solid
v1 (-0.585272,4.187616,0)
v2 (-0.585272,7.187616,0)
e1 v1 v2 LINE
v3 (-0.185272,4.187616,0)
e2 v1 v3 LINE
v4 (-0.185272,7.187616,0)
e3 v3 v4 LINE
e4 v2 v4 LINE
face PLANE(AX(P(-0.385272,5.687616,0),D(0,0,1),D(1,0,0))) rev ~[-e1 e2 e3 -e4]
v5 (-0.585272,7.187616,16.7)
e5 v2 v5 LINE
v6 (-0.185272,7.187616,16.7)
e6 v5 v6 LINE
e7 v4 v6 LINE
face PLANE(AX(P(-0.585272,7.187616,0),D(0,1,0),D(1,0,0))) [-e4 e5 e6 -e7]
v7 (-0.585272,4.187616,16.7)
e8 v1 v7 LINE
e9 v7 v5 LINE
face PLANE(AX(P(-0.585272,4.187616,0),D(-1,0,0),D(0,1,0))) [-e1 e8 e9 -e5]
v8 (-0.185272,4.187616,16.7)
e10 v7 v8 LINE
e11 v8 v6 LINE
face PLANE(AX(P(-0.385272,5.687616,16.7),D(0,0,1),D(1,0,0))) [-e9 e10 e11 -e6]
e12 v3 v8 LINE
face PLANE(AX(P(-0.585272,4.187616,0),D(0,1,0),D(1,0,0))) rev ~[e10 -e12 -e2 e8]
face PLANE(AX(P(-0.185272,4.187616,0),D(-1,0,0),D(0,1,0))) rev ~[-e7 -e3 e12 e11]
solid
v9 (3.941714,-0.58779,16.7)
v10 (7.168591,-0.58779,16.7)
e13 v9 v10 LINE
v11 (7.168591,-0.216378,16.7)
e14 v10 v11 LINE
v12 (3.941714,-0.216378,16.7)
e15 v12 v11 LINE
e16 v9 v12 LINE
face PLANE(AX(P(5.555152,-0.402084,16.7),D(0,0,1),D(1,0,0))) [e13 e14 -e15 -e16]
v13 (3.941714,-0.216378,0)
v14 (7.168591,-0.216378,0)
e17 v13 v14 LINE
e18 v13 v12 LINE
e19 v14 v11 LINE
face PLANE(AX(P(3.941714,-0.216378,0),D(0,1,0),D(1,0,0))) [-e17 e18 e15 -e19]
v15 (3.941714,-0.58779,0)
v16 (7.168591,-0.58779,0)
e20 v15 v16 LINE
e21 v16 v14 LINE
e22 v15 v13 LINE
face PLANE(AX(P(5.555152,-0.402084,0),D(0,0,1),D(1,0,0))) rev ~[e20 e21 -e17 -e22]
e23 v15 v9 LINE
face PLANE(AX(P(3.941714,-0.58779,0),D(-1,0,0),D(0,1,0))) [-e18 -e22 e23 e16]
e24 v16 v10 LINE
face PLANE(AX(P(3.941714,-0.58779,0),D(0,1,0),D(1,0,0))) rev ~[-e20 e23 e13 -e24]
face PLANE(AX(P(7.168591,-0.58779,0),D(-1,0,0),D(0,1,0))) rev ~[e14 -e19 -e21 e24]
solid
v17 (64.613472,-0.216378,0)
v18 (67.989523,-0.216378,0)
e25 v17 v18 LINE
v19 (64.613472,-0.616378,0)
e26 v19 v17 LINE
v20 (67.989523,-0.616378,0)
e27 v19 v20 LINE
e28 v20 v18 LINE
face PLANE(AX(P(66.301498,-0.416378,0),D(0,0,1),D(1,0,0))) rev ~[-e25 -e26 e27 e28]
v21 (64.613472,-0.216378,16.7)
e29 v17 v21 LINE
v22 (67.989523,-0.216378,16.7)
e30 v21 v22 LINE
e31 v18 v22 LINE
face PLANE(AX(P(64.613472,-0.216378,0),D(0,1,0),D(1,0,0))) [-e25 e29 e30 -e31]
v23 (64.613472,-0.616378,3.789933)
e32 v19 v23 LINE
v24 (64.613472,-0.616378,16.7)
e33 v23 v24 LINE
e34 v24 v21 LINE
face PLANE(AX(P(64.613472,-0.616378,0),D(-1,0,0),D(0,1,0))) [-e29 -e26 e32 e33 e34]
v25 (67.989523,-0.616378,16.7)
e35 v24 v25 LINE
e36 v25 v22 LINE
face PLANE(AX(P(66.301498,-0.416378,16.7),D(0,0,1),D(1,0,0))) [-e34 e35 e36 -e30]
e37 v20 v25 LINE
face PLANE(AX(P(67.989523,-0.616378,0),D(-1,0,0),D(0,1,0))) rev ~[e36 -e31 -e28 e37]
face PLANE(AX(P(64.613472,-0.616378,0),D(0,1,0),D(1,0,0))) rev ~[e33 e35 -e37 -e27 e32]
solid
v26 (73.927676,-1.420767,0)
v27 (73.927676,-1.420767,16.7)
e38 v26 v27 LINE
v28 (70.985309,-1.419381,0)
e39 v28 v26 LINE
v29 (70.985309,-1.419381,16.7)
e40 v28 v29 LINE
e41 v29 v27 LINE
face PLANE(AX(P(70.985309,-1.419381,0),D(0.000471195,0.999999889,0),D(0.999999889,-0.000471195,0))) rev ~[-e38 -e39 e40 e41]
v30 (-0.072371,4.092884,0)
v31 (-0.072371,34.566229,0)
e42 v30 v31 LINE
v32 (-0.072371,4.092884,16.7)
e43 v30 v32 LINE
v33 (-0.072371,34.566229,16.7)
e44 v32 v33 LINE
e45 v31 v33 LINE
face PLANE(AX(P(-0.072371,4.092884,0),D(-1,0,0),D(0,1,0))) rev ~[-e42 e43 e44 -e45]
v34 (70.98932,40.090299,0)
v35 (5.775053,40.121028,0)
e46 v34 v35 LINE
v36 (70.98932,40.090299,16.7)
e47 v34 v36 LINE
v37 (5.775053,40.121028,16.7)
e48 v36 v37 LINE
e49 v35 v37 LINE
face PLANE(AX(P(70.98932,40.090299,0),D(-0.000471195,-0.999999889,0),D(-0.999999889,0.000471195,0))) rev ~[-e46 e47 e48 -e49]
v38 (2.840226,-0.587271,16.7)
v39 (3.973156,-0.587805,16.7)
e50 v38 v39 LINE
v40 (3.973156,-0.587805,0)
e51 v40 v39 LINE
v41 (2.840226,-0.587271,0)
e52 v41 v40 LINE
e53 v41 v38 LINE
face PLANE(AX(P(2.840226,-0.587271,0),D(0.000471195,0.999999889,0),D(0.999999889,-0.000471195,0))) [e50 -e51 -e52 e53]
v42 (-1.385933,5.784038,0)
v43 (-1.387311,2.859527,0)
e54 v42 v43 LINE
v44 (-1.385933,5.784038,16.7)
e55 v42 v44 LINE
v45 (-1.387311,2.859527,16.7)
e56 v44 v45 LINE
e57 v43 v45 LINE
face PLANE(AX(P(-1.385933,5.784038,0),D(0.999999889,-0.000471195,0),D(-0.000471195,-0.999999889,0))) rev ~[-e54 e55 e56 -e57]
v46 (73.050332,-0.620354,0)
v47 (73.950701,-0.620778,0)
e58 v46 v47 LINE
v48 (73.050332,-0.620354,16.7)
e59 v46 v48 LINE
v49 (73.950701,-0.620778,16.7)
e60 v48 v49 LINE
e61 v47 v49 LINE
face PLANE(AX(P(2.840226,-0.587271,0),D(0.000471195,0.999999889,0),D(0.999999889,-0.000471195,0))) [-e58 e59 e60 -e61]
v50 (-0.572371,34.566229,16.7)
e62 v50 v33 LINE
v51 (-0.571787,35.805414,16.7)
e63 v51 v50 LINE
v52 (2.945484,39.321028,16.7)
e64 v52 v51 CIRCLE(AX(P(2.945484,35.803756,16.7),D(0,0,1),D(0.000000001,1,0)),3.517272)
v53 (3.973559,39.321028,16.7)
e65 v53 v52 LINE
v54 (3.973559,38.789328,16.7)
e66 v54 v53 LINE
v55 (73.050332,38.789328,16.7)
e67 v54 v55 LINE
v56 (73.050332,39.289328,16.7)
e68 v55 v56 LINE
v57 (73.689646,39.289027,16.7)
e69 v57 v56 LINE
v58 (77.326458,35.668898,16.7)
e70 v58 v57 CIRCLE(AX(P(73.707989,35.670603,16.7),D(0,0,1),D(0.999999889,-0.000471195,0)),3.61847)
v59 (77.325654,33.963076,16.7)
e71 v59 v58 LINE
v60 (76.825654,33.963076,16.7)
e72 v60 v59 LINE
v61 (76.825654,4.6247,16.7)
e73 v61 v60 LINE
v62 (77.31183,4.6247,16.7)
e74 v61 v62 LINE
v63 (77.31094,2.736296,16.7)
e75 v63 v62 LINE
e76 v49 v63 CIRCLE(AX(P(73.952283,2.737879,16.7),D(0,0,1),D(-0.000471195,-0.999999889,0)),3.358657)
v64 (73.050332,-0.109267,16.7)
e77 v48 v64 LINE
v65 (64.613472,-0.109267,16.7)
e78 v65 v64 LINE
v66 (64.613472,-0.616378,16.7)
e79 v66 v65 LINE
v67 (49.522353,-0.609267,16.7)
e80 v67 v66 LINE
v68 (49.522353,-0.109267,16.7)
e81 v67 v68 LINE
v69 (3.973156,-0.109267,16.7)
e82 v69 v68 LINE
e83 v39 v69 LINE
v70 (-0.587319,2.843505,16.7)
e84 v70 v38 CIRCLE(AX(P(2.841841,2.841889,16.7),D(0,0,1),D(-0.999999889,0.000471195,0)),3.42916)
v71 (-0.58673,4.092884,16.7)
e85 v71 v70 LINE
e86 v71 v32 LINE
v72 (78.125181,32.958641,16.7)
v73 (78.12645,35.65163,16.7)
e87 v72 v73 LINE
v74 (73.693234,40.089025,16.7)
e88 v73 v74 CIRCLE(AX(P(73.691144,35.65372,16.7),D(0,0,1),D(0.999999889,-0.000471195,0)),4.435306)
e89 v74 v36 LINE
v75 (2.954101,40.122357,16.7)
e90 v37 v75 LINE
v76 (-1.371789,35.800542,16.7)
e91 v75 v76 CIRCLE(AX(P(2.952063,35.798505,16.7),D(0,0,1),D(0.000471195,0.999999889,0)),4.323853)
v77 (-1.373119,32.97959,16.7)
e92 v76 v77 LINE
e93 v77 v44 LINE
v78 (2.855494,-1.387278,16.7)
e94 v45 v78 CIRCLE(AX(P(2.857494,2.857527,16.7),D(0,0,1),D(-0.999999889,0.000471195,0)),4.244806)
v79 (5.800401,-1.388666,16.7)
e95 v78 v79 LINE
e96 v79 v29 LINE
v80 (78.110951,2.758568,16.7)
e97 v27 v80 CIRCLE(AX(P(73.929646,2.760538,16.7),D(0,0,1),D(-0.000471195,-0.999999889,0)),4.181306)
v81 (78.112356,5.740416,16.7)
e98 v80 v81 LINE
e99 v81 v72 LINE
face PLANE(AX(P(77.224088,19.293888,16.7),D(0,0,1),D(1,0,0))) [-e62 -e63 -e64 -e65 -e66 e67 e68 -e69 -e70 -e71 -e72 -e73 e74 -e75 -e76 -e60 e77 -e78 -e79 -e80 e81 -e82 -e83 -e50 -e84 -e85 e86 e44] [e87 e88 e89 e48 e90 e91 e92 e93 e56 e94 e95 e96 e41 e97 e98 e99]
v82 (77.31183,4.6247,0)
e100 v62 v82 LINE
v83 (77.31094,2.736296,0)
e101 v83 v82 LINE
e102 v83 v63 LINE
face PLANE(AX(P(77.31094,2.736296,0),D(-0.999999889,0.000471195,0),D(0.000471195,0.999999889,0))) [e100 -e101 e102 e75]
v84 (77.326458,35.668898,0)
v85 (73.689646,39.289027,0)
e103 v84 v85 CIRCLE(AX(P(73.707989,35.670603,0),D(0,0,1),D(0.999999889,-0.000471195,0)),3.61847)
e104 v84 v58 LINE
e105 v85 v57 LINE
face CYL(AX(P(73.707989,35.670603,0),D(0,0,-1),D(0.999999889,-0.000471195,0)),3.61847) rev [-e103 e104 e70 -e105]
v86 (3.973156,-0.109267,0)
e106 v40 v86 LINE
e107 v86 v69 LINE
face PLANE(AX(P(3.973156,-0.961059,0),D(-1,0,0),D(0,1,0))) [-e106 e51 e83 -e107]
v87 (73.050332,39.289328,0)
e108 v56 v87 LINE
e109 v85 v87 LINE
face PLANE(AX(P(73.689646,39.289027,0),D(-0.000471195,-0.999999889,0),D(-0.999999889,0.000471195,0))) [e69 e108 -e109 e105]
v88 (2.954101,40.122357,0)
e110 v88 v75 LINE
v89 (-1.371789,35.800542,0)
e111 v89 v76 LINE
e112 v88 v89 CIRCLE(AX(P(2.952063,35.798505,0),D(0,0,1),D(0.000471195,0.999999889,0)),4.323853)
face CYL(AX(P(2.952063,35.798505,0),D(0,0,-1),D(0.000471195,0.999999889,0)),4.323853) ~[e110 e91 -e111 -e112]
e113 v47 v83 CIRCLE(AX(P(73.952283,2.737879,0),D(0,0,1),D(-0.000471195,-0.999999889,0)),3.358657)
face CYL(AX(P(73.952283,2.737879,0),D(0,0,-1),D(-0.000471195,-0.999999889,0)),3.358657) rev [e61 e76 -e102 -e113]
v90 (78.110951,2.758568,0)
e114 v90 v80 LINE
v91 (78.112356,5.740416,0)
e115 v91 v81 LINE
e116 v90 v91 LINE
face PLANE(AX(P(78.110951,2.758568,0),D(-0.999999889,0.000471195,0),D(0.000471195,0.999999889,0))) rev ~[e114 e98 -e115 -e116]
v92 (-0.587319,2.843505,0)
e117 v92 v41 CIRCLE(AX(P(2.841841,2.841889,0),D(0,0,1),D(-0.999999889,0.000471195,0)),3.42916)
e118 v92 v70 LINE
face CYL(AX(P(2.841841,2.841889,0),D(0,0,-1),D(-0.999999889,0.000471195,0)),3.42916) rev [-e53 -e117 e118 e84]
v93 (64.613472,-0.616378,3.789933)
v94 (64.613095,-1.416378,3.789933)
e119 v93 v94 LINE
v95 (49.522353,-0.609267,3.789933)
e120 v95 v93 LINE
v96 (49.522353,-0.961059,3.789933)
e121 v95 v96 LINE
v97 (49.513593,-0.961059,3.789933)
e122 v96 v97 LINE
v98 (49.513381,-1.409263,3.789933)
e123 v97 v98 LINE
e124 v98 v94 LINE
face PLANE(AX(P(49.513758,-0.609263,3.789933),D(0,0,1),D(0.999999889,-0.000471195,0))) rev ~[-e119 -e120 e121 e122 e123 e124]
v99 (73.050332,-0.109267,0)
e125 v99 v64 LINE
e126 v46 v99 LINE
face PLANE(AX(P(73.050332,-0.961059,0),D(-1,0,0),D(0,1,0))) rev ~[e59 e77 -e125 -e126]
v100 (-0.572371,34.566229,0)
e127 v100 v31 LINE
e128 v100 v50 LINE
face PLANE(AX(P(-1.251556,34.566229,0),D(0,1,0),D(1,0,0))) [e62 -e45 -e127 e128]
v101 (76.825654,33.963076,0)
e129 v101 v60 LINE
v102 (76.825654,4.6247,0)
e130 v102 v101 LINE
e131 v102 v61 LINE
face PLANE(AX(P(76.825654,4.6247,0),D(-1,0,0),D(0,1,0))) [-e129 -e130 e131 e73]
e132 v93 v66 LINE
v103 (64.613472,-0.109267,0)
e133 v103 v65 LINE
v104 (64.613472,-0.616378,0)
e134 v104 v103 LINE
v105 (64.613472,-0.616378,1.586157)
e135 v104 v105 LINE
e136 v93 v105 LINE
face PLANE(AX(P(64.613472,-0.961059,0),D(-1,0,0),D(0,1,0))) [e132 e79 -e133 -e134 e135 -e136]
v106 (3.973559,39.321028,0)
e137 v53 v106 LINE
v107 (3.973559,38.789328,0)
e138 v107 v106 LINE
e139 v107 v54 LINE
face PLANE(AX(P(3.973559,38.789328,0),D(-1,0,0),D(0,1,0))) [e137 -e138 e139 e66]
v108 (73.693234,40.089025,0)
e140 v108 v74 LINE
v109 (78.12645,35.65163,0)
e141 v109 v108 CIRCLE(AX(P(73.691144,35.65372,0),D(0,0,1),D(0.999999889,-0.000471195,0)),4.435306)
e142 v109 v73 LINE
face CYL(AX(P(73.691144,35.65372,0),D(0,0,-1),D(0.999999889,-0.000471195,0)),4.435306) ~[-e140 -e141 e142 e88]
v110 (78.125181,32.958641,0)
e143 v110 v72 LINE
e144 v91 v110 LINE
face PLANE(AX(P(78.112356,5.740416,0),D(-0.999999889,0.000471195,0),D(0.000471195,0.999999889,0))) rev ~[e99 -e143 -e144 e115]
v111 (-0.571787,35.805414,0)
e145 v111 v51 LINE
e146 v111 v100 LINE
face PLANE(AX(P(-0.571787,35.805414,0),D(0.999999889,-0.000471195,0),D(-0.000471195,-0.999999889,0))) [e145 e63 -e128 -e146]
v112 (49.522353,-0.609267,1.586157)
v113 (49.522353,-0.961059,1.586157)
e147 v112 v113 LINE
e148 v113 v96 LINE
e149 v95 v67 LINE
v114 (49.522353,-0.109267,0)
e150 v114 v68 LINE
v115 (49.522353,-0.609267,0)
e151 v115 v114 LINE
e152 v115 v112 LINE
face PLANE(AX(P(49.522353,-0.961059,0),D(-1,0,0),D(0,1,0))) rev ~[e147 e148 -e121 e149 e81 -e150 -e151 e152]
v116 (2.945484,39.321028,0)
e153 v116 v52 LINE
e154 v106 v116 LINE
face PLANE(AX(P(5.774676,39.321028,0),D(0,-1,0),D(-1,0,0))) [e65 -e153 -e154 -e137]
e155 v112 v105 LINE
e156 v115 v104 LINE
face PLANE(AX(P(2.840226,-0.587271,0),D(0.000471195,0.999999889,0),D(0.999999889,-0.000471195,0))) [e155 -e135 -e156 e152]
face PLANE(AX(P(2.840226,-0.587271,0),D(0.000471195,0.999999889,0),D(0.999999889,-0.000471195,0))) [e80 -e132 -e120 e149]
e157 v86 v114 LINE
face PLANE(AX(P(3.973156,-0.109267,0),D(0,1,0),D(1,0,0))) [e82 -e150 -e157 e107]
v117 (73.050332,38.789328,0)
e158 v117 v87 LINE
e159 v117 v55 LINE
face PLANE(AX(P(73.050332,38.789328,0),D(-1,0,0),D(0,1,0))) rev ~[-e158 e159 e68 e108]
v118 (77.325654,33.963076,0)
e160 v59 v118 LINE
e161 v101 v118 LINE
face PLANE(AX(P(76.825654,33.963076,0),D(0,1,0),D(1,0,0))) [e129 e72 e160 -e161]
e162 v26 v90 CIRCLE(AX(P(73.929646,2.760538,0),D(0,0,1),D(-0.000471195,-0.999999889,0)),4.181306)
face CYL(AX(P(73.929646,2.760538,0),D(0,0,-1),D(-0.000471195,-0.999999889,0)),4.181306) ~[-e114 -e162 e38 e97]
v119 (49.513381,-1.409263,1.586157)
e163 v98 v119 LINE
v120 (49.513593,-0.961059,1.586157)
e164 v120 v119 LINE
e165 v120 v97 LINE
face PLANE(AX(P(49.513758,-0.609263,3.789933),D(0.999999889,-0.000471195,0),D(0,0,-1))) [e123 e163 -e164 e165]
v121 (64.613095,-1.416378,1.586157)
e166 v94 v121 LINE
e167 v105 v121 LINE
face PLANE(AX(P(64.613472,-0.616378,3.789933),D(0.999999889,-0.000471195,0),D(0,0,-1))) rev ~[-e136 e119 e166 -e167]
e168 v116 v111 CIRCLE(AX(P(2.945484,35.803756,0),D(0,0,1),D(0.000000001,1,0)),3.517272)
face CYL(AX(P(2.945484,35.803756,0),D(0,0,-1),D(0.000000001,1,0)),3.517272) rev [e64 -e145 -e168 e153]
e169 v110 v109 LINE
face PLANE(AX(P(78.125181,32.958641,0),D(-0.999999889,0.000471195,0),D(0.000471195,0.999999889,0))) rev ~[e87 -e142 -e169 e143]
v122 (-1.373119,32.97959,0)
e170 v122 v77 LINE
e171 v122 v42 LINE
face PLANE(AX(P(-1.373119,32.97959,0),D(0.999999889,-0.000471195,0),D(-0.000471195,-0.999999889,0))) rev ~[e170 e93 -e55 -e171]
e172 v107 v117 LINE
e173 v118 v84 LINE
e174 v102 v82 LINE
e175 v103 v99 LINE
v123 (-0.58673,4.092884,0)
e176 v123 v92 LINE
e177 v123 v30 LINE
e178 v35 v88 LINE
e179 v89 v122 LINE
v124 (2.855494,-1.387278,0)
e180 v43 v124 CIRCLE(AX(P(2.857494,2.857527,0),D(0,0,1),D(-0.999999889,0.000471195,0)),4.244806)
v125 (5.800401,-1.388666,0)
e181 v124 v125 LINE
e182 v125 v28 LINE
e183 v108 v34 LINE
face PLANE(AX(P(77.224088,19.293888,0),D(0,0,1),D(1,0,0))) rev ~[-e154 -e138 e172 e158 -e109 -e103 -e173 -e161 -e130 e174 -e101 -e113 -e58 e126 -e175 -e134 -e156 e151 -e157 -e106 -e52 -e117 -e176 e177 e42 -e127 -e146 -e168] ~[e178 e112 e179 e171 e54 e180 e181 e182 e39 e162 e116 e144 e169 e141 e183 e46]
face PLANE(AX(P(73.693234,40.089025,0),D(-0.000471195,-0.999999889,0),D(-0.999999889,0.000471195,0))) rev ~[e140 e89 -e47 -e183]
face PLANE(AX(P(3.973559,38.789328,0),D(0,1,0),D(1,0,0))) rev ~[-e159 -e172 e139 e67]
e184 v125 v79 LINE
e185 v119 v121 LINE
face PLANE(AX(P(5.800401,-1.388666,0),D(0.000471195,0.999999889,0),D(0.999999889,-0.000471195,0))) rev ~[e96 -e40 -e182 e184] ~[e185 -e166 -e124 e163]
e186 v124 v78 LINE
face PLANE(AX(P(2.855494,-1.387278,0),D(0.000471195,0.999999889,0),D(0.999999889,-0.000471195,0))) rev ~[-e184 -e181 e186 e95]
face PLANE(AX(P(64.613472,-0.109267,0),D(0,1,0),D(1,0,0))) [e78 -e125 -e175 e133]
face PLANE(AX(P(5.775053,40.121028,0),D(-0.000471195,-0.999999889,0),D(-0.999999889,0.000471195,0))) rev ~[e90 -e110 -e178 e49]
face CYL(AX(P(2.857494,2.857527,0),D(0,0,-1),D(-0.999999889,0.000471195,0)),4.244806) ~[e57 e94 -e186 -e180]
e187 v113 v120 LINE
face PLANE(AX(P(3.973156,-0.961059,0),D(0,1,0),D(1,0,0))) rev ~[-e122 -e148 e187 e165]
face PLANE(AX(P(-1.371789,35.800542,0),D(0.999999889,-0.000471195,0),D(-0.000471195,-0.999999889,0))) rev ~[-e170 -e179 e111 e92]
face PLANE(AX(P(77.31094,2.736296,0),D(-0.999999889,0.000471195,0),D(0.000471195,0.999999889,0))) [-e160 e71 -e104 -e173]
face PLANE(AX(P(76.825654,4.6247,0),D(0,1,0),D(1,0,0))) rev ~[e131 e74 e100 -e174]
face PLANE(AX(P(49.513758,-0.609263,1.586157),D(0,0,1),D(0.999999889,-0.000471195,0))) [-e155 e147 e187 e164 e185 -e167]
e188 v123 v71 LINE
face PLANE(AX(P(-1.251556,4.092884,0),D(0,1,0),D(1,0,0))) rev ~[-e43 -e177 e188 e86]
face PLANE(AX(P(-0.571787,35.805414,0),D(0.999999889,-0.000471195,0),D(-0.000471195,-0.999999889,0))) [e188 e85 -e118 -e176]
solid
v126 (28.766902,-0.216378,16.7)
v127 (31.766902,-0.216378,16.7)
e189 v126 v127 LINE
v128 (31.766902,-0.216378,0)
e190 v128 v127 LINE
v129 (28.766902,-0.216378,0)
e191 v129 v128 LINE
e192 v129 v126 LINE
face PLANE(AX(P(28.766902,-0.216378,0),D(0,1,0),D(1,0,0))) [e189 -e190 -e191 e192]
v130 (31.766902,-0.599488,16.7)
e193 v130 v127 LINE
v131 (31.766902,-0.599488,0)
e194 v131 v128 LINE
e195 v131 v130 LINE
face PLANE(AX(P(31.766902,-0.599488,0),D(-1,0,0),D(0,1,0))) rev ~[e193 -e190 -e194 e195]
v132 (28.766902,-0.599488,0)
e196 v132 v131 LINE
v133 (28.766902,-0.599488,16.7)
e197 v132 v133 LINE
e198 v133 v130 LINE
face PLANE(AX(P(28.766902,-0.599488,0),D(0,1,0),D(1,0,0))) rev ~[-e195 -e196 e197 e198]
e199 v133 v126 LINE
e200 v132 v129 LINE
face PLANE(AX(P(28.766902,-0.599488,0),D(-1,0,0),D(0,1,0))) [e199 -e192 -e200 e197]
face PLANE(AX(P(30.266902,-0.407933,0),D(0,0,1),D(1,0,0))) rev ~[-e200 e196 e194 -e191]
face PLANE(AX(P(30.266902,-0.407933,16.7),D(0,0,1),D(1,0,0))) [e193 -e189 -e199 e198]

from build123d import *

# Parameters (mm, degrees)
EXTRUDE_1_DEPTH     = 16.7
SKETCH_3_W          = 15.099715766
SKETCH_3_H          = 2.203775642
CUT_EXTRUDE_1_DEPTH = 5
SKETCH_4_W          = 0.38725248
SKETCH_4_H          = 3
SKETCH_4_W_2        = 3
SKETCH_4_H_2        = 0.383109263
SKETCH_4_W_3        = 0.4
SKETCH_4_W_4        = 0.388780164
SKETCH_4_H_3        = 0.4
SKETCH_4_H_4        = 0.38857705
SKETCH_4_W_5        = 3.37605038
SKETCH_4_W_6        = 2.722344729
SKETCH_4_H_5        = 0.392885085
SKETCH_4_W_7        = 3.226877137
SKETCH_4_H_6        = 0.371411749
EXTRUDE_2_DEPTH     = 16.7
EXTRUDE_START       = -16.7
SKETCH_6_W          = 0.796868143
SKETCH_6_H          = 29.338375801
SKETCH_6_W_2        = 8.436859724
SKETCH_6_H_2        = 0.85179164
SKETCH_6_W_3        = 45.549197179
SKETCH_6_W_4        = 1.179184796
SKETCH_6_H_3        = 30.473345103
SKETCH_6_W_5        = 69.07677303
SKETCH_6_H_4        = 1.021717215
EXTRUDE_3_DEPTH     = 16.7


with BuildPart() as part:
    # 草图1 → 凸台-拉伸1 (new body)
    with BuildSketch(Plane.XY):
        with BuildLine():
            Line((2.855494038, -1.387278341), (5.800401001, -1.388665967))
            Line((5.800401001, -1.388665967), (70.985308674, -1.419380793))
            Line((70.985308674, -1.419380793), (73.927675632, -1.420767222))
            ThreePointArc((73.927675632, -1.420767222), (76.884881883, -0.197484463), (78.110950942, 2.758567664))
            Line((78.110950942, 2.758567664), (78.112355975, 5.740415772))
            Line((78.112355975, 5.740415772), (78.125181077, 32.958640512))
            Line((78.125181077, 32.958640512), (78.126450001, 35.651629799))
            ThreePointArc((78.126450001, 35.651629799), (76.828856853, 38.788476566), (73.693234318, 40.089025273))
            Line((73.693234318, 40.089025273), (70.98932047, 40.090299344))
            Line((70.98932047, 40.090299344), (5.775052881, 40.121028004))
            Line((5.775052881, 40.121028004), (2.954100692, 40.122357224))
            ThreePointArc((2.954100692, 40.122357224), (-0.103921613, 38.857370731), (-1.371789395, 35.800541896))
            Line((-1.371789395, 35.800541896), (-1.373118614, 32.979589707))
            Line((-1.373118614, 32.979589707), (-1.385933032, 5.784037735))
            Line((-1.385933032, 5.784037735), (-1.387311048, 2.85952701))
            ThreePointArc((-1.387311048, 2.85952701), (-0.145450691, -0.14258937), (2.855494038, -1.387278341))
        make_face()
        with BuildLine():
            Line((70.988943514, 39.290299433), (5.774675925, 39.321028093))
            Line((5.774675925, 39.321028093), (2.945484428, 39.321028093))
            ThreePointArc((2.945484428, 39.321028093), (0.458983687, 38.291428909), (-0.57178701, 35.805413586))
            Line((-0.57178701, 35.805413586), (-0.587318509, 2.843504746))
            ThreePointArc((-0.587318509, 2.843504746), (0.415916655, 0.418249199), (2.840225686, -0.587271057))
            Line((2.840225686, -0.587271057), (73.950700839, -0.620777983))
            ThreePointArc((73.950700839, -0.620777983), (76.326093463, 0.361830803), (77.31094036, 2.736296371))
            Line((77.31094036, 2.736296371), (77.326458049, 35.668898432))
            ThreePointArc((77.326458049, 35.668898432), (76.260744014, 38.23512367), (73.689645726, 39.289026875))
            Line((73.689645726, 39.289026875), (70.988943514, 39.290299433))
        make_face(mode=Mode.SUBTRACT)
    extrude(amount=EXTRUDE_1_DEPTH)

    # 草图3 → 切除-拉伸1 (cut)
    with BuildSketch(Plane(origin=(-0.000276089, -0.585932626, 0), x_dir=(0.9999998889874869, -0.0004711953032664496, 0), z_dir=(0.0004711953032664496, 0.9999998889874869, 0))):
        with Locations((57.063897747, -2.688044793)):
            Rectangle(SKETCH_3_W, SKETCH_3_H)
    extrude(amount=-CUT_EXTRUDE_1_DEPTH, mode=Mode.SUBTRACT)

    # 草图4 → 凸台-拉伸2 (add)
    with BuildSketch(Plane.XY):
        with Locations((77.118267417, 6.259444326)):
            Rectangle(SKETCH_4_W, SKETCH_4_H)
        with Locations((30.266902253, -0.407932956)):
            Rectangle(SKETCH_4_W_2, SKETCH_4_H_2)
        with Locations((-0.385271584, 5.687615959)):
            Rectangle(SKETCH_4_W_3, SKETCH_4_H)
        with Locations((-0.379661666, 32.499046592)):
            Rectangle(SKETCH_4_W_4, SKETCH_4_H)
        with Locations((24.872797996, 39.11273594)):
            Rectangle(SKETCH_4_W_2, SKETCH_4_H_3)
        with Locations((49.115290001, 39.107024465)):
            Rectangle(SKETCH_4_W_2, SKETCH_4_H_4)
        with Locations((77.124641177, 30.313021772)):
            Rectangle(SKETCH_4_W_3, SKETCH_4_H)
        with Locations((66.301497558, -0.416378324)):
            Rectangle(SKETCH_4_W_5, SKETCH_4_H_3)
        with Locations((48.152585915, -0.412820867)):
            Rectangle(SKETCH_4_W_6, SKETCH_4_H_5)
        with Locations((5.555152303, -0.402084199)):
            Rectangle(SKETCH_4_W_7, SKETCH_4_H_6)
    extrude(amount=EXTRUDE_2_DEPTH)


with BuildPart() as extrude_2_piece_1:
    # of the separate pieces the step leaves, piece 1, a body of its own (extrude_2_pieces)
    add(part.part.solids().sort_by_distance((73.693234318, 40.089025273, 0))[0])



with BuildPart() as extrude_2_piece_2:
    # of the separate pieces the step leaves, piece 2, a body of its own (extrude_2_pieces)
    add(part.part.solids().sort_by_distance((67.989522748, -0.616378324, 0))[0])


with BuildPart() as extrude_2_piece_3:
    # of the separate pieces the step leaves, piece 3, a body of its own (extrude_2_pieces)
    add(part.part.solids().sort_by_distance((-0.185271584, 7.187615959, 0))[0])


with BuildPart() as extrude_2_piece_4:
    # of the separate pieces the step leaves, piece 4, a body of its own (extrude_2_pieces)
    add(part.part.solids().sort_by_distance((7.168590872, -0.587790073, 0))[0])


with BuildPart() as extrude_2_piece_5:
    # of the separate pieces the step leaves, piece 5, a body of its own (extrude_2_pieces)
    add(part.part.solids().sort_by_distance((76.924641177, 4.759444326, 0))[0])


with BuildPart() as extrude_2_piece_6:
    # of the separate pieces the step leaves, piece 6, a body of its own (extrude_2_pieces)
    add(part.part.solids().sort_by_distance((31.766902253, -0.599487587, 0))[0])


with BuildPart() as extrude_2_piece_1_1:
    add(extrude_2_piece_1.part)

    add(extrude_2_piece_5.part)  # 凸台-拉伸3 merges 凸台-拉伸2 piece 5
    # 草图6 → 凸台-拉伸3 (add)
    with BuildSketch(Plane.XY.offset(16.7).offset(EXTRUDE_START)):
        with Locations((77.22408829, 19.293888192)):
            Rectangle(SKETCH_6_W, SKETCH_6_H)
        with Locations((68.83190223, -0.535163223)):
            Rectangle(SKETCH_6_W_2, SKETCH_6_H_2)
        with Locations((26.747754173, -0.535163223)):
            Rectangle(SKETCH_6_W_3, SKETCH_6_H_2)
        with Locations((-0.661963251, 19.329556786)):
            Rectangle(SKETCH_6_W_4, SKETCH_6_H_3)
        with Locations((38.511945577, 39.300186669)):
            Rectangle(SKETCH_6_W_5, SKETCH_6_H_4)
    extrude(amount=EXTRUDE_3_DEPTH)


solid = Compound([extrude_2_piece_2.part, extrude_2_piece_3.part, extrude_2_piece_4.part, extrude_2_piece_6.part, extrude_2_piece_1_1.part])
